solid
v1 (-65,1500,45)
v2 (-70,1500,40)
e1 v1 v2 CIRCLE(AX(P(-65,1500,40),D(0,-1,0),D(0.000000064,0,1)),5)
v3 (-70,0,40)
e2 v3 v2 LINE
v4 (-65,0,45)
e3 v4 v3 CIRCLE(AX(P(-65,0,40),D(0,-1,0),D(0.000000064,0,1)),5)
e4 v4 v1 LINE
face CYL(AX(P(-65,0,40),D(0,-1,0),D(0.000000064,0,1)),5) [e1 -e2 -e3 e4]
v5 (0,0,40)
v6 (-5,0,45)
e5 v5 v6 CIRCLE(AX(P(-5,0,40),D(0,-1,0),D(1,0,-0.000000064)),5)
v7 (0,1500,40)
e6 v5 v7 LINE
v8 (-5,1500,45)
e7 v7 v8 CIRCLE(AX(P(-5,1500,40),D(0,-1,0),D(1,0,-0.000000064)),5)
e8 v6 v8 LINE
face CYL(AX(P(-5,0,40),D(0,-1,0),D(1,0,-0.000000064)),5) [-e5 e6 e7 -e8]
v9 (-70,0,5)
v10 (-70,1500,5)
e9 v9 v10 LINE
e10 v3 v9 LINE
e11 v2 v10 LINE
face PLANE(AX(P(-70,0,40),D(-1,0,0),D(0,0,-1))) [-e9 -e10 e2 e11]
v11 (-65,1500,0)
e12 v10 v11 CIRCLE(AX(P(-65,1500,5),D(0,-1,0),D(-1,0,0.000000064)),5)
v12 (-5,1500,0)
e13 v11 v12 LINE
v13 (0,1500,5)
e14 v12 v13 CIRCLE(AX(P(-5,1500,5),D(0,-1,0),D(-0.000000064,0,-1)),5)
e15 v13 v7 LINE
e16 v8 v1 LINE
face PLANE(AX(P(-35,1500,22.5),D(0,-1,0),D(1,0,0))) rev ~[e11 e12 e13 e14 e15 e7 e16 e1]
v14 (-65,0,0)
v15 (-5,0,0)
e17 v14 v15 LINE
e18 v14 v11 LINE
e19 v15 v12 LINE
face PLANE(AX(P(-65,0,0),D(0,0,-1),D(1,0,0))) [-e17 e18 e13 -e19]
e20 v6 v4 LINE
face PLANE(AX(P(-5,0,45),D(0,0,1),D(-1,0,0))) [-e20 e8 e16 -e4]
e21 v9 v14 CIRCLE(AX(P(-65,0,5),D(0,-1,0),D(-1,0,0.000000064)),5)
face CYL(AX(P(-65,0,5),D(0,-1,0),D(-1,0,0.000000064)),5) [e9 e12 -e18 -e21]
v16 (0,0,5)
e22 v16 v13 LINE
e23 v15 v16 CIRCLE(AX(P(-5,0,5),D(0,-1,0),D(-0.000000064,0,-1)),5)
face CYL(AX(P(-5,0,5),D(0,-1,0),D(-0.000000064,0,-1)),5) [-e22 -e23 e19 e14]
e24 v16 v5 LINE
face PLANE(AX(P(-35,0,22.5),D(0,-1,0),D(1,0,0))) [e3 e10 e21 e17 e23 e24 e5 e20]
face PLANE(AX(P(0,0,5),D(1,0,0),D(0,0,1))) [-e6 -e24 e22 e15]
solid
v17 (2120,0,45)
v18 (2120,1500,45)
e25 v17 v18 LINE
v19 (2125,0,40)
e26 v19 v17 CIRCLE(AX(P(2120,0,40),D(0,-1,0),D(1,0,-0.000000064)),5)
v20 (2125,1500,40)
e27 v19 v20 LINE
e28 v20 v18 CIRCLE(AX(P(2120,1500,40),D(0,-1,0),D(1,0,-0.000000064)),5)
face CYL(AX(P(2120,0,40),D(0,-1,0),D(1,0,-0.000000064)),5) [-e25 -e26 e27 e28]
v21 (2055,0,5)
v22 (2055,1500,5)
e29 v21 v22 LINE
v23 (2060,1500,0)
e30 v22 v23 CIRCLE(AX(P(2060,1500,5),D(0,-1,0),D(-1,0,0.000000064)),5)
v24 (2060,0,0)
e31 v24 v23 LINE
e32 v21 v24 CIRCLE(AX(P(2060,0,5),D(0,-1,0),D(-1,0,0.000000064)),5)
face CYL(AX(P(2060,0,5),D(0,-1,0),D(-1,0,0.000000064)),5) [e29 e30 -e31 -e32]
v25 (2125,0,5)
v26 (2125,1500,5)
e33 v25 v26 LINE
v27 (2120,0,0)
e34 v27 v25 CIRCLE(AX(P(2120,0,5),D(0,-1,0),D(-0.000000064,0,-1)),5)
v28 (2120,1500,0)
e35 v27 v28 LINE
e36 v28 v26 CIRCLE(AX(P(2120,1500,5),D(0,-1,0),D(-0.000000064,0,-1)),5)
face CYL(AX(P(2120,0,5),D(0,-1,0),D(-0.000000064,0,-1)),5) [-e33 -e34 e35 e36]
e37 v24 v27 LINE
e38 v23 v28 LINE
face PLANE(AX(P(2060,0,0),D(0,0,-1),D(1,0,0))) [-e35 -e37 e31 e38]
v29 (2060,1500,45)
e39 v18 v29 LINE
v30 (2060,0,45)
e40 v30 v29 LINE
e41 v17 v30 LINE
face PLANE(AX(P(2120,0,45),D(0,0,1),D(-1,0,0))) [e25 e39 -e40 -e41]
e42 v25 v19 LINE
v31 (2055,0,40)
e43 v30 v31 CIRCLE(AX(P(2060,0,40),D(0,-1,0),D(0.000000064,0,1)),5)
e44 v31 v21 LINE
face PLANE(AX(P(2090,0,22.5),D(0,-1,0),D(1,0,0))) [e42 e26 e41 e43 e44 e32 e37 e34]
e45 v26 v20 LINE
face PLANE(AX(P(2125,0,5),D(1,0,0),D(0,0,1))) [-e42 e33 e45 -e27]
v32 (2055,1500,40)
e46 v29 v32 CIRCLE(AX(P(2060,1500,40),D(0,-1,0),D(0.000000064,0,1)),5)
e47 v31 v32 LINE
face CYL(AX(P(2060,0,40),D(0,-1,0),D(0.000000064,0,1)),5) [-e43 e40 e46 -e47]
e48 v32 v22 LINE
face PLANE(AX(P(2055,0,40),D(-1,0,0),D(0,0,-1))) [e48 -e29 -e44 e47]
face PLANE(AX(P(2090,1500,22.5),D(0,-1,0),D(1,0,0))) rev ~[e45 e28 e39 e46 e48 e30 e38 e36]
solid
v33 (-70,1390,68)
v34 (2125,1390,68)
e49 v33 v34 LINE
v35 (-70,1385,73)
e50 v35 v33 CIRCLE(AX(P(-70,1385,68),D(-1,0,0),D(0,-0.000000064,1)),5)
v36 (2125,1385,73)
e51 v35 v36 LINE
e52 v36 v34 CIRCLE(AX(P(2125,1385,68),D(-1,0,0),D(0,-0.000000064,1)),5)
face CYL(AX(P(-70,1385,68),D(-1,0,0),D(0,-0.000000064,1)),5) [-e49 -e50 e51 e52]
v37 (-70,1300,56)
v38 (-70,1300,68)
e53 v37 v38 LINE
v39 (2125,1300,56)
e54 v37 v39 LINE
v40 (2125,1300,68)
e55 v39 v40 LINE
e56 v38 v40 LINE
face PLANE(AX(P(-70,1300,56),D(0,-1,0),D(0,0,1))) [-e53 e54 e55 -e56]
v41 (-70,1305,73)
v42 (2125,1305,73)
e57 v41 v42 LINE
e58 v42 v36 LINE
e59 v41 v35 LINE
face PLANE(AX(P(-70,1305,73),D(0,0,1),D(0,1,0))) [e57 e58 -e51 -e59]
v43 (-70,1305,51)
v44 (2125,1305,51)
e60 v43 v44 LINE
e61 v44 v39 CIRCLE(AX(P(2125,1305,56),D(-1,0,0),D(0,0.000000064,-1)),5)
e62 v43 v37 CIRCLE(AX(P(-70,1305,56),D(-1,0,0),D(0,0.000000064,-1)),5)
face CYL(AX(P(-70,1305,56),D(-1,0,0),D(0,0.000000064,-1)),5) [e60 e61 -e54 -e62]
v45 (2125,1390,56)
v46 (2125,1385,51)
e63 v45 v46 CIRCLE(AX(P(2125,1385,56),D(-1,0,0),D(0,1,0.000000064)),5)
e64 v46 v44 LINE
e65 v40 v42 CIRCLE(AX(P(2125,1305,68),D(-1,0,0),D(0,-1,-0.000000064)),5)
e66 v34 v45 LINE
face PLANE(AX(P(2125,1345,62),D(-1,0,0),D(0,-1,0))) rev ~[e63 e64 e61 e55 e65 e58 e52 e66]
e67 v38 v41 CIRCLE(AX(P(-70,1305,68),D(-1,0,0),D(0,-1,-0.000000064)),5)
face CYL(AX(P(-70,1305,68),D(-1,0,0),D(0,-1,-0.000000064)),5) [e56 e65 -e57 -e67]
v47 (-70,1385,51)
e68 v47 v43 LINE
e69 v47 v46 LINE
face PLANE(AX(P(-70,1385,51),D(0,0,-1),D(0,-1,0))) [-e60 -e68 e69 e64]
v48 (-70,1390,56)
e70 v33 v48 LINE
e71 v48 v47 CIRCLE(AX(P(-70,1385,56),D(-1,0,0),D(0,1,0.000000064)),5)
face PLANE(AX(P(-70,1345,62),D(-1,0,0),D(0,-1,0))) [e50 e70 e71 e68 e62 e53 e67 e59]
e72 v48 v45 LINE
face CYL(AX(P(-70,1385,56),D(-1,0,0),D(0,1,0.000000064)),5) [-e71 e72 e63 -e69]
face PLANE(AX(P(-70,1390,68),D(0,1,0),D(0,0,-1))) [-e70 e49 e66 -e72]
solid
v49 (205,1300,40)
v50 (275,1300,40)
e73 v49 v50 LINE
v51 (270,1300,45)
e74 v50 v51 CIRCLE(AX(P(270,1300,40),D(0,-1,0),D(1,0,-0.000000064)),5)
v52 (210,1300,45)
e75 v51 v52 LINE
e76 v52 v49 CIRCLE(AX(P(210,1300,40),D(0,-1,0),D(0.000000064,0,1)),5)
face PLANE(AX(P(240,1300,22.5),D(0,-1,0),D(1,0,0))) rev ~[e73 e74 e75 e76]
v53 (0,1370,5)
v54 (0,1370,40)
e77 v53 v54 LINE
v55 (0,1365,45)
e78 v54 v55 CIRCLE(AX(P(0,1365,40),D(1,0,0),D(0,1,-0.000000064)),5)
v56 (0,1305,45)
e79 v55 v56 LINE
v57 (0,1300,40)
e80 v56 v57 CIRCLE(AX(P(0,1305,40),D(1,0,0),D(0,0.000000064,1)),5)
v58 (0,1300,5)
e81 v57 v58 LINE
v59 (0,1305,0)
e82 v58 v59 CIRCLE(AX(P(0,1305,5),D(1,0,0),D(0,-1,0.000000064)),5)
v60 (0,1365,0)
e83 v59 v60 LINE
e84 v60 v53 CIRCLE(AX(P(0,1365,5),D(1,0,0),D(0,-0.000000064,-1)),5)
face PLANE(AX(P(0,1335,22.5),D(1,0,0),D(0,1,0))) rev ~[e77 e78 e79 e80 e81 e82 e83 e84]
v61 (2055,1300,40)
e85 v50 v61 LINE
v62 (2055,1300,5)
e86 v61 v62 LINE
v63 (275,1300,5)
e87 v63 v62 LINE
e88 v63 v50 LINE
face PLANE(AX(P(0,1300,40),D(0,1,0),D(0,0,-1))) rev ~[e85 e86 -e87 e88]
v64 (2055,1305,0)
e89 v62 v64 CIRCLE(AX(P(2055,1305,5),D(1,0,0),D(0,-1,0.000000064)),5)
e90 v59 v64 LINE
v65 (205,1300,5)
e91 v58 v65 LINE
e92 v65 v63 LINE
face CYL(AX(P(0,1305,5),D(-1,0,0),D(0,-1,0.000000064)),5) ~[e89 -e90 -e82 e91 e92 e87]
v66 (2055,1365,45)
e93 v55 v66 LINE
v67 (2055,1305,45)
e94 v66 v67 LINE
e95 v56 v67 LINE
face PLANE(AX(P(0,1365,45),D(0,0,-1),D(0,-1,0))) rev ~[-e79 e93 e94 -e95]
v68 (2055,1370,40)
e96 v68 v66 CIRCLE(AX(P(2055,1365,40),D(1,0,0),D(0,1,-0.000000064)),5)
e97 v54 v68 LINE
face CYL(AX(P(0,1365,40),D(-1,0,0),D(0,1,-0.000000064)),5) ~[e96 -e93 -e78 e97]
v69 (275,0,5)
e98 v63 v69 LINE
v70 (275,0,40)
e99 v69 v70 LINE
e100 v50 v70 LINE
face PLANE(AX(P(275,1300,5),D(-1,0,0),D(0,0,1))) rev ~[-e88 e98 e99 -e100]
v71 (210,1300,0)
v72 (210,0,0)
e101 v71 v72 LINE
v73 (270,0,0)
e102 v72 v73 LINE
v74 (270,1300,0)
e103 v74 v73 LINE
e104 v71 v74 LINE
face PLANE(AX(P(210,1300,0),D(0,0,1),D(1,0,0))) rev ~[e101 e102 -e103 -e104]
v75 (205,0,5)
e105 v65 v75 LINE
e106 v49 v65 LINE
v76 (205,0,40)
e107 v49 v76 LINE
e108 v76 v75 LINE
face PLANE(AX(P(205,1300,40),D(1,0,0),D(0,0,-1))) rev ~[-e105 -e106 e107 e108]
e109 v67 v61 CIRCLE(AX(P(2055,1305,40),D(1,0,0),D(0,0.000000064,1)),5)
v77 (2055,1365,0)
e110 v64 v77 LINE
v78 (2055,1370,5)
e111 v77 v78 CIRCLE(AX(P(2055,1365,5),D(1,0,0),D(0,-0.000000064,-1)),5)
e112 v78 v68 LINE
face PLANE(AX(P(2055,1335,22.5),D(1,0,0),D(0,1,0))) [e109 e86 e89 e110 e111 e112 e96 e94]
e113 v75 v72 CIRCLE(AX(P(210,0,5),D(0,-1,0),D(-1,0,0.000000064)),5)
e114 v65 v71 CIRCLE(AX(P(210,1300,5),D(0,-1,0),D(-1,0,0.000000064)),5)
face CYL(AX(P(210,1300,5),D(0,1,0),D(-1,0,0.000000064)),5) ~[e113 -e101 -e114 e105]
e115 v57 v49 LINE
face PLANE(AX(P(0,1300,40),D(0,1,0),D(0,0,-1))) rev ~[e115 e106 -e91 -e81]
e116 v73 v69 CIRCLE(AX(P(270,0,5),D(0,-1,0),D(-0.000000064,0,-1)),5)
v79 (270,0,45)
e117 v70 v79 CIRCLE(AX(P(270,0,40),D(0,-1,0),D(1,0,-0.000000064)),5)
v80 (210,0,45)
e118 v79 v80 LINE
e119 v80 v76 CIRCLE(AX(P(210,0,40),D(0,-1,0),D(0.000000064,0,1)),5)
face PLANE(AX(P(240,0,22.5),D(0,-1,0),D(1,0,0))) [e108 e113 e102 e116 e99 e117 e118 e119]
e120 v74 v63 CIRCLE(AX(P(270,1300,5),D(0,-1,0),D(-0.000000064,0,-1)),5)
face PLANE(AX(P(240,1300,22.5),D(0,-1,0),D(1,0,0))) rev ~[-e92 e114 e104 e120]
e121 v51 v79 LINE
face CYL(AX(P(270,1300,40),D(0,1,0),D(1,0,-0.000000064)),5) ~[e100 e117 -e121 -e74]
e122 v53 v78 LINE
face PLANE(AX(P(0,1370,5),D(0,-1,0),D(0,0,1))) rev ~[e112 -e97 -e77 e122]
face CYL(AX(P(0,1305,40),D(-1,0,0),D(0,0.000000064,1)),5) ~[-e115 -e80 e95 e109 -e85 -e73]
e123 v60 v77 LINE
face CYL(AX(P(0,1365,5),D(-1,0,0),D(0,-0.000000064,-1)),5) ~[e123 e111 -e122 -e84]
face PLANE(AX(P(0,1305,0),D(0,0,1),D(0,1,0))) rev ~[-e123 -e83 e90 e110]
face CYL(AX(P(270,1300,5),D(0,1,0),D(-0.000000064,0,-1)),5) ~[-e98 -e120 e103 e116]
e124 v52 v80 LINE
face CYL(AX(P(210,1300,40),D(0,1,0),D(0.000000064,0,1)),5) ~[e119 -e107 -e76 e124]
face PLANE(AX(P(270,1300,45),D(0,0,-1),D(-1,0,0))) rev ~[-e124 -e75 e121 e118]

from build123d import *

# Parameters (mm, degrees)
F1_DEPTH = 1500
F3_DEPTH = 2055
F5_DEPTH = 1300
F7_DEPTH = 2195


with BuildPart() as f1:
    # F0 (on Front) → F1 (new body)
    with BuildSketch(Plane.XZ):
        with BuildLine():
            Line((-65, 0), (-5, 0))
            ThreePointArc((-5, 0), (-1.464466, 1.464466), (0, 5))
            Line((0, 5), (0, 40))
            ThreePointArc((0, 40), (-1.464466, 43.535534), (-5, 45))
            Line((-5, 45), (-65, 45))
            ThreePointArc((-65, 45), (-68.535534, 43.535534), (-70, 40))
            Line((-70, 40), (-70, 5))
            ThreePointArc((-70, 5), (-68.535534, 1.464466), (-65, 0))
        make_face()
        with BuildLine():
            ThreePointArc((2055, 5), (2056.464466, 1.464466), (2060, 0))
            Line((2060, 0), (2120, 0))
            ThreePointArc((2120, 0), (2123.535534, 1.464466), (2125, 5))
            Line((2125, 5), (2125, 40))
            ThreePointArc((2125, 40), (2123.535534, 43.535534), (2120, 45))
            Line((2120, 45), (2060, 45))
            ThreePointArc((2060, 45), (2056.464466, 43.535534), (2055, 40))
            Line((2055, 40), (2055, 5))
        make_face()
    extrude(amount=-F1_DEPTH)


with BuildPart() as f3:
    # F2 (on face) → F3 (new body)
    with BuildSketch(Plane.YZ):
        with BuildLine():
            Line((1365, 45), (1305, 45))
            ThreePointArc((1305, 45), (1301.464466, 43.535534), (1300, 40))
            Line((1300, 40), (1300, 5))
            ThreePointArc((1300, 5), (1301.464466, 1.464466), (1305, 0))
            Line((1305, 0), (1365, 0))
            ThreePointArc((1365, 0), (1368.535534, 1.464466), (1370, 5))
            Line((1370, 5), (1370, 40))
            ThreePointArc((1370, 40), (1368.535534, 43.535534), (1365, 45))
        make_face()
    extrude(amount=F3_DEPTH)

    # F4 (on face) → F5 (join)
    with BuildSketch(Plane.XZ.offset(-1300)):
        with BuildLine():
            Line((270, 45), (210, 45))
            ThreePointArc((210, 45), (206.464466, 43.535534), (205, 40))
            Line((205, 40), (205, 5))
            ThreePointArc((205, 5), (206.464466, 1.464466), (210, 0))
            Line((210, 0), (270, 0))
            ThreePointArc((270, 0), (273.535534, 1.464466), (275, 5))
            Line((275, 5), (275, 40))
            ThreePointArc((275, 40), (273.535534, 43.535534), (270, 45))
        make_face()
    extrude(amount=F5_DEPTH)


with BuildPart() as f7:
    # F6 (on face) → F7 (new body, through all)
    with BuildSketch(Plane(origin=(-70, 0, 0), x_dir=(0, -1, 0), z_dir=(-1, 0, 0))):
        with BuildLine():
            ThreePointArc((-1300, 68), (-1301.464466, 71.535534), (-1305, 73))
            Line((-1305, 73), (-1385, 73))
            ThreePointArc((-1385, 73), (-1388.535534, 71.535534), (-1390, 68))
            Line((-1390, 68), (-1390, 56))
            ThreePointArc((-1390, 56), (-1388.535534, 52.464466), (-1385, 51))
            Line((-1385, 51), (-1305, 51))
            ThreePointArc((-1305, 51), (-1301.464466, 52.464466), (-1300, 56))
            Line((-1300, 56), (-1300, 68))
        make_face()
    extrude(amount=-F7_DEPTH)


solid = Compound([f1.part, f3.part, f7.part])
